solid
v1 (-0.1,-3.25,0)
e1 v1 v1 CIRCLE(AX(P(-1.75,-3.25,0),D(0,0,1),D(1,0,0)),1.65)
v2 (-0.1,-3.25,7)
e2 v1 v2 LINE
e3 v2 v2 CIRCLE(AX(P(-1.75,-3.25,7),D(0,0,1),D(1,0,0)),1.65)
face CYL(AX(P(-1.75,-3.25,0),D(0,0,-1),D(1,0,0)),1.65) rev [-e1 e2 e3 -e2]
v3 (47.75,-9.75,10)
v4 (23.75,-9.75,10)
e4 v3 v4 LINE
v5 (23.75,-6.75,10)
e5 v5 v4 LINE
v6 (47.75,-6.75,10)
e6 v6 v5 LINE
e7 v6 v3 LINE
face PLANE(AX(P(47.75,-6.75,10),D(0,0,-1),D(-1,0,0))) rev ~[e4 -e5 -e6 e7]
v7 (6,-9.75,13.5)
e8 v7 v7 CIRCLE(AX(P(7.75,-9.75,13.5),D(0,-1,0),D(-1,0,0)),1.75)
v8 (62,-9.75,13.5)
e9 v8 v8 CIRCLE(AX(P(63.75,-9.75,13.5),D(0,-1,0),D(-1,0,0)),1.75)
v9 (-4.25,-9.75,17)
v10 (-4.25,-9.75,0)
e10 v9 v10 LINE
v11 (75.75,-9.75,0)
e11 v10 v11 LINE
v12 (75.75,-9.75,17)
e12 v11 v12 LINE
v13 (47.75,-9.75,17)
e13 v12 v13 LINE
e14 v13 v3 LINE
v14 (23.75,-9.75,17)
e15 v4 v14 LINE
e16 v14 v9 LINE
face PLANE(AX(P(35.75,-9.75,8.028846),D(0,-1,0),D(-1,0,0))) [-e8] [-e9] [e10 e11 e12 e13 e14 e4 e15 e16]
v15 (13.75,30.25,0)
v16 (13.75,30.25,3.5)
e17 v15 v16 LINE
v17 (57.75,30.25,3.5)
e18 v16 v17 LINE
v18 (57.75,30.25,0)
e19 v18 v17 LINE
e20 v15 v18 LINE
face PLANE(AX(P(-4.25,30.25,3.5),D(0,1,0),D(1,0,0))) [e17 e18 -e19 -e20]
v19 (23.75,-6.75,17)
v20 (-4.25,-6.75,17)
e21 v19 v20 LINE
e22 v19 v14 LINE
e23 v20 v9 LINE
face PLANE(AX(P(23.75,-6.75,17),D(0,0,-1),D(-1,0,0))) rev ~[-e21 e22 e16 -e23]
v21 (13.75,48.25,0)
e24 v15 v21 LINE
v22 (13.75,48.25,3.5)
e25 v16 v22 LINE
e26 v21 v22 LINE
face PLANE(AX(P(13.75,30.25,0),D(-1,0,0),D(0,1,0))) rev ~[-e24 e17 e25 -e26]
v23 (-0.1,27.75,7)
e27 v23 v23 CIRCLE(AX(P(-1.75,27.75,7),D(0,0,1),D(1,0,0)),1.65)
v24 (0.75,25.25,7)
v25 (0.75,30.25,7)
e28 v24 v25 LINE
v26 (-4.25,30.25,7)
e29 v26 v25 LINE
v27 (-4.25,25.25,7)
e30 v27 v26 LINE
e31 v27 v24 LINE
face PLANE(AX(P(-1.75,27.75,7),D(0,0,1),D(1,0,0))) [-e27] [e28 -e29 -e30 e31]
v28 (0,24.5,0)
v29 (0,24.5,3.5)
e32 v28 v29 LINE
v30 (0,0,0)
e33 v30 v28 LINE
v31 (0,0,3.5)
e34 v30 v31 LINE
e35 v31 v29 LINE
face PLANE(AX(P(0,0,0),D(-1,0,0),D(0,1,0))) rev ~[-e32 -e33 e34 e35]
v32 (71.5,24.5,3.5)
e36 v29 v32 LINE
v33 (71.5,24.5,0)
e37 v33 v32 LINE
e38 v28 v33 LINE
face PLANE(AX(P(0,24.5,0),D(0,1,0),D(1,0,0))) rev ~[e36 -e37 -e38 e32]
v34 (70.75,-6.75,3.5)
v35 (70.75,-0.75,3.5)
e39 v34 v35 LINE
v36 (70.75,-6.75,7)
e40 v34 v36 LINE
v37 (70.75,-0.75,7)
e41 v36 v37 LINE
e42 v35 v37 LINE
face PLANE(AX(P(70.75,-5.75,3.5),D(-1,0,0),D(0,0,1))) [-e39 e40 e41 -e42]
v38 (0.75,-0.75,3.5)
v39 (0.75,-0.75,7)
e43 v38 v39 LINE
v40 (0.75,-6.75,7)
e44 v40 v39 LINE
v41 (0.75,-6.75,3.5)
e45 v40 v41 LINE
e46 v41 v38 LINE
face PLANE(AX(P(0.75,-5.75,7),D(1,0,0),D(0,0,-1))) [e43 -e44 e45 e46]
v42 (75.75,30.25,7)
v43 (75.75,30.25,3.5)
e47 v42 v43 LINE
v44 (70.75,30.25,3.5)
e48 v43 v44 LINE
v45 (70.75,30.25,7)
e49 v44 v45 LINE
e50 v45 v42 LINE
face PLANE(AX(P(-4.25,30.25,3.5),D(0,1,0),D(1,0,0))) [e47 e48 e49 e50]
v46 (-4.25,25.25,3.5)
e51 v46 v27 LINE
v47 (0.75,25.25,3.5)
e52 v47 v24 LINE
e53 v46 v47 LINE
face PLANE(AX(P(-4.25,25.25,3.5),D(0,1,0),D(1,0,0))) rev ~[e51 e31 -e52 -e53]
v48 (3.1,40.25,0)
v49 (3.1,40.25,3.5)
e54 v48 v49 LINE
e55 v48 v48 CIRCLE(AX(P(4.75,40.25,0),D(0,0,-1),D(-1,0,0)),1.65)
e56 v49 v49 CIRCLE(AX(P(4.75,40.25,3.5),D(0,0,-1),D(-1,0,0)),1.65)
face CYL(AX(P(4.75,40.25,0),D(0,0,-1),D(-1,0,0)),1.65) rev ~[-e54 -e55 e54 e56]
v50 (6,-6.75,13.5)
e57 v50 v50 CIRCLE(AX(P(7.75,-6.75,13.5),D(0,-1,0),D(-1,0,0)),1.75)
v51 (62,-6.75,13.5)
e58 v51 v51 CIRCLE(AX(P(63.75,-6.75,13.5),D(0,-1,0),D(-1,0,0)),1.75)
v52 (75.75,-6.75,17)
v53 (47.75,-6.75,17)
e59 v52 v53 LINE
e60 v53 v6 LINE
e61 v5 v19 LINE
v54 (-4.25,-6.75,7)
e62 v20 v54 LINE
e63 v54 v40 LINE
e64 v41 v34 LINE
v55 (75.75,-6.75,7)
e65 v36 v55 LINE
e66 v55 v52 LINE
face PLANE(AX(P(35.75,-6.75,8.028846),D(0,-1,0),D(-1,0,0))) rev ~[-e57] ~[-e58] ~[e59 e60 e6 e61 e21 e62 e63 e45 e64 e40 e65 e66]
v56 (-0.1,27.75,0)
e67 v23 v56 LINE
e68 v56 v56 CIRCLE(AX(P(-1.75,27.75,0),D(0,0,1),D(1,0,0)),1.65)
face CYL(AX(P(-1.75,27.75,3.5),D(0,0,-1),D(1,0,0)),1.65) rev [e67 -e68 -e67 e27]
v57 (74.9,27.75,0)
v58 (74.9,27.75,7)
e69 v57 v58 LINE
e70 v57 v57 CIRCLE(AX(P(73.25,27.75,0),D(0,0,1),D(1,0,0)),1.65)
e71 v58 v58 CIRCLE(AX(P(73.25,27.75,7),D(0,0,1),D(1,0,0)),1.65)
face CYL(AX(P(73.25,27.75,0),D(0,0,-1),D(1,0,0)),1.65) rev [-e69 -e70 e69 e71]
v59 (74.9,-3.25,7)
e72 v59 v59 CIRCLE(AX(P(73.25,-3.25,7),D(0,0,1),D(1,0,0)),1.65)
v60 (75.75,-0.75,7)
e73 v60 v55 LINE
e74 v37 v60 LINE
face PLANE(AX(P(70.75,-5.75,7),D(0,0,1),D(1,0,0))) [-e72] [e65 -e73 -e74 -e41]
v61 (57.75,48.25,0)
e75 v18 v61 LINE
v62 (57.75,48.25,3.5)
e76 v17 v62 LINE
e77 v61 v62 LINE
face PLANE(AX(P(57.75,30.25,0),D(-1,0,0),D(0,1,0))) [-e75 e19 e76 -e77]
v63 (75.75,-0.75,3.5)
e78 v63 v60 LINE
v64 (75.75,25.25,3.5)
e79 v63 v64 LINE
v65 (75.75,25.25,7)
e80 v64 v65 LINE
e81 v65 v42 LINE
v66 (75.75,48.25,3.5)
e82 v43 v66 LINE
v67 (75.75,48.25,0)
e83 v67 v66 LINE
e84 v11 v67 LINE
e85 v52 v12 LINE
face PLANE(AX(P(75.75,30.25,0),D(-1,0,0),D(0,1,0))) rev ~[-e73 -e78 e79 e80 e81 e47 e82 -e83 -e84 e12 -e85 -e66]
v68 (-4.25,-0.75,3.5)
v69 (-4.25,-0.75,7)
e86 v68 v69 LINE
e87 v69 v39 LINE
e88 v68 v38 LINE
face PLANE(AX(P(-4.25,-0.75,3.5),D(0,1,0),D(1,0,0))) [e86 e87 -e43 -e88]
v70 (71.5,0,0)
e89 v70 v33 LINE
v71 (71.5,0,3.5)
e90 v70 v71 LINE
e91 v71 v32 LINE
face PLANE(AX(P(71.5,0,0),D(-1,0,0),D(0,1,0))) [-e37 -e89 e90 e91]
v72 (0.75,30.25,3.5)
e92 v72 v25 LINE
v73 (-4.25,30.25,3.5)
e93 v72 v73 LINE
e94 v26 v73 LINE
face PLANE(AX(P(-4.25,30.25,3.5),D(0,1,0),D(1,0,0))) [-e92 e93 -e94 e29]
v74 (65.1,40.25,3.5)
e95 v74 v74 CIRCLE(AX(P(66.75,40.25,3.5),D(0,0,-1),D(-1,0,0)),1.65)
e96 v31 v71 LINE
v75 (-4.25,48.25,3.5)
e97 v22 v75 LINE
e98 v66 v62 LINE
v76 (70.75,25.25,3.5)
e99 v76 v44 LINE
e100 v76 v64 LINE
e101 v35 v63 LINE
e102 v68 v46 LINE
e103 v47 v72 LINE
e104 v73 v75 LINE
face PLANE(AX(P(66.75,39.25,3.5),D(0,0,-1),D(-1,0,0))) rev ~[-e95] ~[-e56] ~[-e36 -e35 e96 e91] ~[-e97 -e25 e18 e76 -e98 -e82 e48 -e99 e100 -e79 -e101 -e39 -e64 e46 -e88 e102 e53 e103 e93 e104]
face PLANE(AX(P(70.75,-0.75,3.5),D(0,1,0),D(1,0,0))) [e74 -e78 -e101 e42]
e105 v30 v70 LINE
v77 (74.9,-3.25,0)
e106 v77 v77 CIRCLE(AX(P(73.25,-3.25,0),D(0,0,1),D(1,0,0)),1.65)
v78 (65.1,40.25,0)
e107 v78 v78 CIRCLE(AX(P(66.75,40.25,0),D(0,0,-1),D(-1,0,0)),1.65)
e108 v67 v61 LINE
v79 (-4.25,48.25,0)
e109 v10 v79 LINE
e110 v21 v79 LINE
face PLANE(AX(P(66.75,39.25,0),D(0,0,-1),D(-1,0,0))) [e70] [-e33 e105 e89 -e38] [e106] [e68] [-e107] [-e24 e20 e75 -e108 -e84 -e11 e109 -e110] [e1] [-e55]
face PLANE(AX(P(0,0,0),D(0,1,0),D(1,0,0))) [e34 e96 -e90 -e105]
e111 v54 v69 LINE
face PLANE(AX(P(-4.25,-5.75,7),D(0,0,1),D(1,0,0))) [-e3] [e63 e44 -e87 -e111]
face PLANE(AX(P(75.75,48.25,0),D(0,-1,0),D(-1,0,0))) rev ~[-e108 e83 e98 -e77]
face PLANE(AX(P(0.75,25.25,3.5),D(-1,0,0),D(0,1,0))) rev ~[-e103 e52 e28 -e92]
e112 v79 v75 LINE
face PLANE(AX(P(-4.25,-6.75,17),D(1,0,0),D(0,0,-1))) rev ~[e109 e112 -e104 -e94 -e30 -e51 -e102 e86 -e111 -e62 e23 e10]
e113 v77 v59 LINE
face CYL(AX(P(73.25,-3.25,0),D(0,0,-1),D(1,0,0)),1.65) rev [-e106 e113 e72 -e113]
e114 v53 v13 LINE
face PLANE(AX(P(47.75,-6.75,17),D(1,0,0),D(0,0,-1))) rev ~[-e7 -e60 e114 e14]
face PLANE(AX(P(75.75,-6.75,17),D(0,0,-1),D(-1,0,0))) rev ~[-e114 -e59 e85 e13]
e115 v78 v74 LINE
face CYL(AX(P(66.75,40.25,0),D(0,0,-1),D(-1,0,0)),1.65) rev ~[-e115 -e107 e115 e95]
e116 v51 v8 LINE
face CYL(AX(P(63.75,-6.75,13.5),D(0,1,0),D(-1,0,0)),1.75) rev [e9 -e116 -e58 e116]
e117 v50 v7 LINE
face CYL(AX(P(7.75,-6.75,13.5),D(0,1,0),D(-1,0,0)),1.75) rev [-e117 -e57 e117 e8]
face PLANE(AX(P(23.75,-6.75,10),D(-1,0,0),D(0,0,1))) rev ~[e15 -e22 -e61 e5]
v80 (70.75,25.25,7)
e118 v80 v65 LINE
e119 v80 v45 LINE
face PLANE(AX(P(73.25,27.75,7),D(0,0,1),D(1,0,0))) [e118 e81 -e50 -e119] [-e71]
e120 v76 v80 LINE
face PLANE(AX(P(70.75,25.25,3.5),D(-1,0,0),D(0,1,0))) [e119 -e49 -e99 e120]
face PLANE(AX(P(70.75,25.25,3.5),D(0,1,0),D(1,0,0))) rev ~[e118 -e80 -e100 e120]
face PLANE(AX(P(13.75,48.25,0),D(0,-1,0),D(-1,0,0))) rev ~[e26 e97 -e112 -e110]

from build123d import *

# Parameters (mm, degrees)
SKETCH1_W           = 80
SKETCH1_H           = 36
SKETCH1_R           = 1.65
SKETCH1_W_2         = 71.5
SKETCH1_H_2         = 24.5
BOSS_EXTRUDE1_DEPTH = 3.5
SKETCH2_W           = 5
SKETCH2_H           = 5
SKETCH2_R           = 1.65
BOSS_EXTRUDE2_DEPTH = 3.5
BOSS_EXTRUDE4_DEPTH = 1
BOSS_EXTRUDE5_START = 1
SKETCH3_R           = 1.75
BOSS_EXTRUDE5_DEPTH = 3
SKETCH7_W           = 18
SKETCH7_H           = 18
SKETCH7_R           = 1.65
BOSS_EXTRUDE6_DEPTH = 3.5


with BuildPart() as part:
    # Sketch1 → Boss-Extrude1 (new body)
    with BuildSketch(Plane.XY):
        with Locations((35.75, 12.25)):
            Rectangle(SKETCH1_W, SKETCH1_H)
        with Locations((-1.75, 27.75)):
            Circle(SKETCH1_R, mode=Mode.SUBTRACT)
        with Locations((73.25, 27.75)):
            Circle(SKETCH1_R, mode=Mode.SUBTRACT)
        with Locations((73.25, -3.25)):
            Circle(SKETCH1_R, mode=Mode.SUBTRACT)
        with Locations((-1.75, -3.25)):
            Circle(SKETCH1_R, mode=Mode.SUBTRACT)
        with Locations((35.75, 12.25)):
            Rectangle(SKETCH1_W_2, SKETCH1_H_2, mode=Mode.SUBTRACT)
    extrude(amount=BOSS_EXTRUDE1_DEPTH)

    # Sketch2 → Boss-Extrude2 (add)
    with BuildSketch(Plane.XY.offset(3.5)):
        with Locations((-1.75, 27.75)):
            Rectangle(SKETCH2_W, SKETCH2_H)
        with Locations((-1.75, 27.75)):
            Circle(SKETCH2_R, mode=Mode.SUBTRACT)
        with Locations((73.25, 27.75)):
            Rectangle(SKETCH2_W, SKETCH2_H)
        with Locations((73.25, 27.75)):
            Circle(SKETCH2_R, mode=Mode.SUBTRACT)
        with Locations((-1.75, -3.25)):
            Rectangle(SKETCH2_W, SKETCH2_H)
        with Locations((-1.75, -3.25)):
            Circle(SKETCH2_R, mode=Mode.SUBTRACT)
        with Locations((73.25, -3.25)):
            Rectangle(SKETCH2_W, SKETCH2_H)
        with Locations((73.25, -3.25)):
            Circle(SKETCH2_R, mode=Mode.SUBTRACT)
    extrude(amount=BOSS_EXTRUDE2_DEPTH)

    # Sketch6 → Boss-Extrude4 (add)
    with BuildSketch(Plane.XZ.offset(5.75)):
        Polygon((-4.25, 0), (-4.25, 7), (0.75, 7), (0.75, 3.5), (70.75, 3.5), (70.75, 7), (75.75, 7), (75.75, 0), align=None)
    extrude(amount=BOSS_EXTRUDE4_DEPTH)

    # Sketch3 → Boss-Extrude5 (add)
    with BuildSketch(Plane(origin=(0, -5.75, 0), x_dir=(-1, 0, 0), z_dir=(0, -1, 0)).offset(BOSS_EXTRUDE5_START)):
        Polygon((-47.75, -17), (-47.75, -10), (-23.75, -10), (-23.75, -17), (4.25, -17), (4.25, 0), (-75.75, 0), (-75.75, -17), align=None)
        with Locations((-7.75, -13.5)):
            Circle(SKETCH3_R, mode=Mode.SUBTRACT)
        with Locations((-63.75, -13.5)):
            Circle(SKETCH3_R, mode=Mode.SUBTRACT)
    extrude(amount=BOSS_EXTRUDE5_DEPTH)

    # Sketch7 → Boss-Extrude6 (add)
    with BuildSketch(Plane(origin=(0, 0, 0), x_dir=(-1, 0, 0), z_dir=(0, 0, -1))):
        with Locations((-66.75, 39.25)):
            Rectangle(SKETCH7_W, SKETCH7_H)
        with Locations((-66.75, 40.25)):
            Circle(SKETCH7_R, mode=Mode.SUBTRACT)
        with Locations((-4.75, 39.25)):
            Rectangle(SKETCH7_W, SKETCH7_H)
        with Locations((-4.75, 40.25)):
            Circle(SKETCH7_R, mode=Mode.SUBTRACT)
    extrude(amount=-BOSS_EXTRUDE6_DEPTH)


solid = part.part
